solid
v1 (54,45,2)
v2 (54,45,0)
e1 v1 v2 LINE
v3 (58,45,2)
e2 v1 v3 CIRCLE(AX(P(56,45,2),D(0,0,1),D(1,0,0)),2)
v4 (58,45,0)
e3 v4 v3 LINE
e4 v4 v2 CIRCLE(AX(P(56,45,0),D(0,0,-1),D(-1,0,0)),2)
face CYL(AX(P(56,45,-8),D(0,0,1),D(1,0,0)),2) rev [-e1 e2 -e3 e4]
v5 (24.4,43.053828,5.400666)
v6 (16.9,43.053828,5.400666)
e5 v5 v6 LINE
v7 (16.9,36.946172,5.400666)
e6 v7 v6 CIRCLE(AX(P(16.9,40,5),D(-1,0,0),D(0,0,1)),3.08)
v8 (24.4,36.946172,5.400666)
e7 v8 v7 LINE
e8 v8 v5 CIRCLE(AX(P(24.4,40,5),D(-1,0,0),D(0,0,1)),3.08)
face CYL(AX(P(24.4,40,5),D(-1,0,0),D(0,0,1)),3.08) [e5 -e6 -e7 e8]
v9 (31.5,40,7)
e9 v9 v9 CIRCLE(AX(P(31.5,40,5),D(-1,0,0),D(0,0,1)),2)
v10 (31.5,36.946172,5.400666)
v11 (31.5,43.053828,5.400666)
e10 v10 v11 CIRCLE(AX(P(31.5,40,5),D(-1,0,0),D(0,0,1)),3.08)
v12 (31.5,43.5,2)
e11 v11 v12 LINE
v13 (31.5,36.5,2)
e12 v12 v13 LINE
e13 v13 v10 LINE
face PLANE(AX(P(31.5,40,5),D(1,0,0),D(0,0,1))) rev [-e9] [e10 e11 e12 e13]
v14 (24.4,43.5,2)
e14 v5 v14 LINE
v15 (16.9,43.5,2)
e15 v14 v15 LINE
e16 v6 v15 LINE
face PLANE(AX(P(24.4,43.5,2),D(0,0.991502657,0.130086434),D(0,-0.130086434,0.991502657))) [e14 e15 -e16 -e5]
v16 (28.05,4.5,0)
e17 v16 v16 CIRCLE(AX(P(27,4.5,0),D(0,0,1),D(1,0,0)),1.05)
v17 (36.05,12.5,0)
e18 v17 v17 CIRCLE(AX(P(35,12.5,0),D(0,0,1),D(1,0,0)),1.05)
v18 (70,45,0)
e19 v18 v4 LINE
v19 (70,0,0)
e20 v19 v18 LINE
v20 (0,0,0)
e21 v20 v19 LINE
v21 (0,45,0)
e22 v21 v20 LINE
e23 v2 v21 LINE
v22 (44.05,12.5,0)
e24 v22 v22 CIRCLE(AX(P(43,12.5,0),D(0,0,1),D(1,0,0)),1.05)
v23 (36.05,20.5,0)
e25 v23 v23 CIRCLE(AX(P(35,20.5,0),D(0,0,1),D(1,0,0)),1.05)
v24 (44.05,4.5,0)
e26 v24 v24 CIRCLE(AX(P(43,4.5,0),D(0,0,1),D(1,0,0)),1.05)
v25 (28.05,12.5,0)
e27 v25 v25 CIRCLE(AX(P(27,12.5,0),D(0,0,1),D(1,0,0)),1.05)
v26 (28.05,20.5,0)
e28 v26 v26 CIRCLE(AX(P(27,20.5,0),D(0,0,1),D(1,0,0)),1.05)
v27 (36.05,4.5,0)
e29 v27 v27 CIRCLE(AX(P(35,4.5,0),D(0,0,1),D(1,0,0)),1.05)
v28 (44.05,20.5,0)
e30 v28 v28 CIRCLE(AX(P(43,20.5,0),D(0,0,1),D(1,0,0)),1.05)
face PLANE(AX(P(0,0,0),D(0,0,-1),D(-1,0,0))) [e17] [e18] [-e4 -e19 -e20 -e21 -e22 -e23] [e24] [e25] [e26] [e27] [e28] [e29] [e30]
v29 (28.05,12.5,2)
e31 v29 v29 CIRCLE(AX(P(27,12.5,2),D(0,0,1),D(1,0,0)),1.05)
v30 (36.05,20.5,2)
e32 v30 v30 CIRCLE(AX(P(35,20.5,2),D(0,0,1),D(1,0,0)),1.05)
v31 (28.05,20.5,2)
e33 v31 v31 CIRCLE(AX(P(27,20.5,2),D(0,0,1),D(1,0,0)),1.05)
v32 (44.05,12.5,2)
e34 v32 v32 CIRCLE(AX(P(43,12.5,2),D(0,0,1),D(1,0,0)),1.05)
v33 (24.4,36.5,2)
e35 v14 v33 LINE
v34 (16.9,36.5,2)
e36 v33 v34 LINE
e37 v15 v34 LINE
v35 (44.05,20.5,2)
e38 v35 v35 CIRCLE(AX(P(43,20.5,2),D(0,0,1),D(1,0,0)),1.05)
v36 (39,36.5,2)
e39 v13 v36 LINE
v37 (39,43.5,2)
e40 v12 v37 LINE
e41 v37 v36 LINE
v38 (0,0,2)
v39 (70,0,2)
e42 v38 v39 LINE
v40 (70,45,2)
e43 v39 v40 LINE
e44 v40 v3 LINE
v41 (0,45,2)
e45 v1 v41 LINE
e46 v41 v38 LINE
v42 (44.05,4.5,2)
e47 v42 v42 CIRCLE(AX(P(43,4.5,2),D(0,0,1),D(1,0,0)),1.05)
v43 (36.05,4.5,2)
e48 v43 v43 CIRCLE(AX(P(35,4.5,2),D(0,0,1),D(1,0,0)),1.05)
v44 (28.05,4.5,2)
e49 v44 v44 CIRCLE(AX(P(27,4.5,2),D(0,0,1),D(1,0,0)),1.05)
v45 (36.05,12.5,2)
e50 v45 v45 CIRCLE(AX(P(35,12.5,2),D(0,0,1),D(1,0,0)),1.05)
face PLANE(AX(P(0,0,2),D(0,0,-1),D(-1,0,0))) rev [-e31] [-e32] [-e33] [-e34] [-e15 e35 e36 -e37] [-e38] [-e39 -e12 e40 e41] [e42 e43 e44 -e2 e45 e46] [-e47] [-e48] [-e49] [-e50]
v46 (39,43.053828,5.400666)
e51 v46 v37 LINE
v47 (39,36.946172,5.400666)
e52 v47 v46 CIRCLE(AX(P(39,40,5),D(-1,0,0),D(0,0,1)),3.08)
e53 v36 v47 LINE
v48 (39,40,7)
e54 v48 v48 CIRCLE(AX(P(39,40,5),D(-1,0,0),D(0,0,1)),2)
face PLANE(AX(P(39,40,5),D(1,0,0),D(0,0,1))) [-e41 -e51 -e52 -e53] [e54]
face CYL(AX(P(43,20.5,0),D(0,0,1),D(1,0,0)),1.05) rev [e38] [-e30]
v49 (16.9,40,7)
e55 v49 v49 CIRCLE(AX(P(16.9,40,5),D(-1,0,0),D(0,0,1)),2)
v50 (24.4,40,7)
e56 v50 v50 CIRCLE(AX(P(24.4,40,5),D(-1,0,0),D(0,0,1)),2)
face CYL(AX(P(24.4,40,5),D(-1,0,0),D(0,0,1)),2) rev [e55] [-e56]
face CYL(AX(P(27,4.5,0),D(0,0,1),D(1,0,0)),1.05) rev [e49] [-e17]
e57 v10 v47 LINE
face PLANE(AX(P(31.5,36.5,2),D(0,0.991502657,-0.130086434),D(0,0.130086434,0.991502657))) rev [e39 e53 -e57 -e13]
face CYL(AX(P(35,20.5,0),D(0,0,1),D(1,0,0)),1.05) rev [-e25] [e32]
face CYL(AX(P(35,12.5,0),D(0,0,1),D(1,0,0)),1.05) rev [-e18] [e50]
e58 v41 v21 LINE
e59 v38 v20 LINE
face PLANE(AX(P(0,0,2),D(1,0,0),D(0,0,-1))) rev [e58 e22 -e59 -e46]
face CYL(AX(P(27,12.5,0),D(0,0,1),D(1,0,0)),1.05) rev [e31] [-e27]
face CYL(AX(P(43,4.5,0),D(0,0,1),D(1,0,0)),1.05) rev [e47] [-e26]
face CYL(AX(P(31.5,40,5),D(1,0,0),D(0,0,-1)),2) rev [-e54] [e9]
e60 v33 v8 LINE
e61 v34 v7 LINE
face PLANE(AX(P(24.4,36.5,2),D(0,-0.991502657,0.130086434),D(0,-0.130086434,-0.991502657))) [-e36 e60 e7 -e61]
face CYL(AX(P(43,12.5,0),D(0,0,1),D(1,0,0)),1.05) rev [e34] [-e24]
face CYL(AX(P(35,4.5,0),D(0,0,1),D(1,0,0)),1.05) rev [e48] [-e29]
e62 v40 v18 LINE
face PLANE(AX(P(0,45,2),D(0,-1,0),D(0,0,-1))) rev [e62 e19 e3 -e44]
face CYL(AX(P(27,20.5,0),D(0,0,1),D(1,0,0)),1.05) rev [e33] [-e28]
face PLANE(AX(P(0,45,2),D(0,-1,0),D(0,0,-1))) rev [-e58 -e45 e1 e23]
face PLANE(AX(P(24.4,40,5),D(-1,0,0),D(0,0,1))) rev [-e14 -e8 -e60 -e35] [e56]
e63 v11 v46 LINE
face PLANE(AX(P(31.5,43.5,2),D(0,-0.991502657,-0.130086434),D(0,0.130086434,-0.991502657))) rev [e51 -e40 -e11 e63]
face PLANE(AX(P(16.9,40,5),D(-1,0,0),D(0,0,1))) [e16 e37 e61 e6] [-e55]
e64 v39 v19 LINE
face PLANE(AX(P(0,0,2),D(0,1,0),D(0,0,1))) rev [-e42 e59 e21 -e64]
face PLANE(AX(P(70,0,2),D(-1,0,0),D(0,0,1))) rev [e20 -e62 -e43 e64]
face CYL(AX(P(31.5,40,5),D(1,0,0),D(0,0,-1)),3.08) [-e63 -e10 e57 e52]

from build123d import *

# Parameters (mm, degrees)
SKETCH2_W           = 70
SKETCH2_H           = 45
BOSS_EXTRUDE1_DEPTH = 2
SKETCH3_R           = 1.05
CUT_EXTRUDE1_DEPTH  = 2
SKETCH6_R           = 2
BOSS_EXTRUDE2_DEPTH = 7.5
SKETCH4_R           = 2
CUT_EXTRUDE2_DEPTH  = 10


with BuildPart() as part:
    # Sketch2 → Boss-Extrude1 (new body)
    with BuildSketch(Plane.XY):
        with Locations((35, 22.5)):
            Rectangle(SKETCH2_W, SKETCH2_H)
    extrude(amount=BOSS_EXTRUDE1_DEPTH)

    # Sketch3 → Cut-Extrude1 (cut)
    with BuildSketch(Plane.XY.offset(2)):
        with Locations((35, 4.5)):
            Circle(SKETCH3_R)
        with Locations((43, 4.5)):
            Circle(SKETCH3_R)
        with Locations((27, 4.5)):
            Circle(SKETCH3_R)
        with Locations((27, 12.5)):
            Circle(SKETCH3_R)
        with Locations((35, 12.5)):
            Circle(SKETCH3_R)
        with Locations((43, 12.5)):
            Circle(SKETCH3_R)
        with Locations((27, 20.5)):
            Circle(SKETCH3_R)
        with Locations((35, 20.5)):
            Circle(SKETCH3_R)
        with Locations((43, 20.5)):
            Circle(SKETCH3_R)
    extrude(amount=-CUT_EXTRUDE1_DEPTH, mode=Mode.SUBTRACT)

    # Sketch6 → Boss-Extrude2 (add)
    with BuildSketch(Plane.ZY.offset(-16.9)):
        with BuildLine():
            Line((2, 43.5), (2, 36.5))
            Line((2, 36.5), (5.400666216, 36.946171815))
            ThreePointArc((5.400666216, 36.946171815), (8.08, 40), (5.400666216, 43.053828185))
            Line((5.400666216, 43.053828185), (2, 43.5))
        make_face()
        with Locations((5, 40)):
            Circle(SKETCH6_R, mode=Mode.SUBTRACT)
    boss_extrude2 = extrude(amount=-BOSS_EXTRUDE2_DEPTH)

    # Mirror4: Boss-Extrude2 across plane
    add(boss_extrude2.mirror(Plane(origin=(27.95, 0, 0), x_dir=(0, 0, 1), z_dir=(1, 0, 0))))

    # Sketch4 → Cut-Extrude2 (cut)
    with BuildSketch(Plane.XY.offset(2)):
        with Locations((56, 45)):
            Circle(SKETCH4_R)
    extrude(amount=-CUT_EXTRUDE2_DEPTH, mode=Mode.SUBTRACT)


solid = part.part
